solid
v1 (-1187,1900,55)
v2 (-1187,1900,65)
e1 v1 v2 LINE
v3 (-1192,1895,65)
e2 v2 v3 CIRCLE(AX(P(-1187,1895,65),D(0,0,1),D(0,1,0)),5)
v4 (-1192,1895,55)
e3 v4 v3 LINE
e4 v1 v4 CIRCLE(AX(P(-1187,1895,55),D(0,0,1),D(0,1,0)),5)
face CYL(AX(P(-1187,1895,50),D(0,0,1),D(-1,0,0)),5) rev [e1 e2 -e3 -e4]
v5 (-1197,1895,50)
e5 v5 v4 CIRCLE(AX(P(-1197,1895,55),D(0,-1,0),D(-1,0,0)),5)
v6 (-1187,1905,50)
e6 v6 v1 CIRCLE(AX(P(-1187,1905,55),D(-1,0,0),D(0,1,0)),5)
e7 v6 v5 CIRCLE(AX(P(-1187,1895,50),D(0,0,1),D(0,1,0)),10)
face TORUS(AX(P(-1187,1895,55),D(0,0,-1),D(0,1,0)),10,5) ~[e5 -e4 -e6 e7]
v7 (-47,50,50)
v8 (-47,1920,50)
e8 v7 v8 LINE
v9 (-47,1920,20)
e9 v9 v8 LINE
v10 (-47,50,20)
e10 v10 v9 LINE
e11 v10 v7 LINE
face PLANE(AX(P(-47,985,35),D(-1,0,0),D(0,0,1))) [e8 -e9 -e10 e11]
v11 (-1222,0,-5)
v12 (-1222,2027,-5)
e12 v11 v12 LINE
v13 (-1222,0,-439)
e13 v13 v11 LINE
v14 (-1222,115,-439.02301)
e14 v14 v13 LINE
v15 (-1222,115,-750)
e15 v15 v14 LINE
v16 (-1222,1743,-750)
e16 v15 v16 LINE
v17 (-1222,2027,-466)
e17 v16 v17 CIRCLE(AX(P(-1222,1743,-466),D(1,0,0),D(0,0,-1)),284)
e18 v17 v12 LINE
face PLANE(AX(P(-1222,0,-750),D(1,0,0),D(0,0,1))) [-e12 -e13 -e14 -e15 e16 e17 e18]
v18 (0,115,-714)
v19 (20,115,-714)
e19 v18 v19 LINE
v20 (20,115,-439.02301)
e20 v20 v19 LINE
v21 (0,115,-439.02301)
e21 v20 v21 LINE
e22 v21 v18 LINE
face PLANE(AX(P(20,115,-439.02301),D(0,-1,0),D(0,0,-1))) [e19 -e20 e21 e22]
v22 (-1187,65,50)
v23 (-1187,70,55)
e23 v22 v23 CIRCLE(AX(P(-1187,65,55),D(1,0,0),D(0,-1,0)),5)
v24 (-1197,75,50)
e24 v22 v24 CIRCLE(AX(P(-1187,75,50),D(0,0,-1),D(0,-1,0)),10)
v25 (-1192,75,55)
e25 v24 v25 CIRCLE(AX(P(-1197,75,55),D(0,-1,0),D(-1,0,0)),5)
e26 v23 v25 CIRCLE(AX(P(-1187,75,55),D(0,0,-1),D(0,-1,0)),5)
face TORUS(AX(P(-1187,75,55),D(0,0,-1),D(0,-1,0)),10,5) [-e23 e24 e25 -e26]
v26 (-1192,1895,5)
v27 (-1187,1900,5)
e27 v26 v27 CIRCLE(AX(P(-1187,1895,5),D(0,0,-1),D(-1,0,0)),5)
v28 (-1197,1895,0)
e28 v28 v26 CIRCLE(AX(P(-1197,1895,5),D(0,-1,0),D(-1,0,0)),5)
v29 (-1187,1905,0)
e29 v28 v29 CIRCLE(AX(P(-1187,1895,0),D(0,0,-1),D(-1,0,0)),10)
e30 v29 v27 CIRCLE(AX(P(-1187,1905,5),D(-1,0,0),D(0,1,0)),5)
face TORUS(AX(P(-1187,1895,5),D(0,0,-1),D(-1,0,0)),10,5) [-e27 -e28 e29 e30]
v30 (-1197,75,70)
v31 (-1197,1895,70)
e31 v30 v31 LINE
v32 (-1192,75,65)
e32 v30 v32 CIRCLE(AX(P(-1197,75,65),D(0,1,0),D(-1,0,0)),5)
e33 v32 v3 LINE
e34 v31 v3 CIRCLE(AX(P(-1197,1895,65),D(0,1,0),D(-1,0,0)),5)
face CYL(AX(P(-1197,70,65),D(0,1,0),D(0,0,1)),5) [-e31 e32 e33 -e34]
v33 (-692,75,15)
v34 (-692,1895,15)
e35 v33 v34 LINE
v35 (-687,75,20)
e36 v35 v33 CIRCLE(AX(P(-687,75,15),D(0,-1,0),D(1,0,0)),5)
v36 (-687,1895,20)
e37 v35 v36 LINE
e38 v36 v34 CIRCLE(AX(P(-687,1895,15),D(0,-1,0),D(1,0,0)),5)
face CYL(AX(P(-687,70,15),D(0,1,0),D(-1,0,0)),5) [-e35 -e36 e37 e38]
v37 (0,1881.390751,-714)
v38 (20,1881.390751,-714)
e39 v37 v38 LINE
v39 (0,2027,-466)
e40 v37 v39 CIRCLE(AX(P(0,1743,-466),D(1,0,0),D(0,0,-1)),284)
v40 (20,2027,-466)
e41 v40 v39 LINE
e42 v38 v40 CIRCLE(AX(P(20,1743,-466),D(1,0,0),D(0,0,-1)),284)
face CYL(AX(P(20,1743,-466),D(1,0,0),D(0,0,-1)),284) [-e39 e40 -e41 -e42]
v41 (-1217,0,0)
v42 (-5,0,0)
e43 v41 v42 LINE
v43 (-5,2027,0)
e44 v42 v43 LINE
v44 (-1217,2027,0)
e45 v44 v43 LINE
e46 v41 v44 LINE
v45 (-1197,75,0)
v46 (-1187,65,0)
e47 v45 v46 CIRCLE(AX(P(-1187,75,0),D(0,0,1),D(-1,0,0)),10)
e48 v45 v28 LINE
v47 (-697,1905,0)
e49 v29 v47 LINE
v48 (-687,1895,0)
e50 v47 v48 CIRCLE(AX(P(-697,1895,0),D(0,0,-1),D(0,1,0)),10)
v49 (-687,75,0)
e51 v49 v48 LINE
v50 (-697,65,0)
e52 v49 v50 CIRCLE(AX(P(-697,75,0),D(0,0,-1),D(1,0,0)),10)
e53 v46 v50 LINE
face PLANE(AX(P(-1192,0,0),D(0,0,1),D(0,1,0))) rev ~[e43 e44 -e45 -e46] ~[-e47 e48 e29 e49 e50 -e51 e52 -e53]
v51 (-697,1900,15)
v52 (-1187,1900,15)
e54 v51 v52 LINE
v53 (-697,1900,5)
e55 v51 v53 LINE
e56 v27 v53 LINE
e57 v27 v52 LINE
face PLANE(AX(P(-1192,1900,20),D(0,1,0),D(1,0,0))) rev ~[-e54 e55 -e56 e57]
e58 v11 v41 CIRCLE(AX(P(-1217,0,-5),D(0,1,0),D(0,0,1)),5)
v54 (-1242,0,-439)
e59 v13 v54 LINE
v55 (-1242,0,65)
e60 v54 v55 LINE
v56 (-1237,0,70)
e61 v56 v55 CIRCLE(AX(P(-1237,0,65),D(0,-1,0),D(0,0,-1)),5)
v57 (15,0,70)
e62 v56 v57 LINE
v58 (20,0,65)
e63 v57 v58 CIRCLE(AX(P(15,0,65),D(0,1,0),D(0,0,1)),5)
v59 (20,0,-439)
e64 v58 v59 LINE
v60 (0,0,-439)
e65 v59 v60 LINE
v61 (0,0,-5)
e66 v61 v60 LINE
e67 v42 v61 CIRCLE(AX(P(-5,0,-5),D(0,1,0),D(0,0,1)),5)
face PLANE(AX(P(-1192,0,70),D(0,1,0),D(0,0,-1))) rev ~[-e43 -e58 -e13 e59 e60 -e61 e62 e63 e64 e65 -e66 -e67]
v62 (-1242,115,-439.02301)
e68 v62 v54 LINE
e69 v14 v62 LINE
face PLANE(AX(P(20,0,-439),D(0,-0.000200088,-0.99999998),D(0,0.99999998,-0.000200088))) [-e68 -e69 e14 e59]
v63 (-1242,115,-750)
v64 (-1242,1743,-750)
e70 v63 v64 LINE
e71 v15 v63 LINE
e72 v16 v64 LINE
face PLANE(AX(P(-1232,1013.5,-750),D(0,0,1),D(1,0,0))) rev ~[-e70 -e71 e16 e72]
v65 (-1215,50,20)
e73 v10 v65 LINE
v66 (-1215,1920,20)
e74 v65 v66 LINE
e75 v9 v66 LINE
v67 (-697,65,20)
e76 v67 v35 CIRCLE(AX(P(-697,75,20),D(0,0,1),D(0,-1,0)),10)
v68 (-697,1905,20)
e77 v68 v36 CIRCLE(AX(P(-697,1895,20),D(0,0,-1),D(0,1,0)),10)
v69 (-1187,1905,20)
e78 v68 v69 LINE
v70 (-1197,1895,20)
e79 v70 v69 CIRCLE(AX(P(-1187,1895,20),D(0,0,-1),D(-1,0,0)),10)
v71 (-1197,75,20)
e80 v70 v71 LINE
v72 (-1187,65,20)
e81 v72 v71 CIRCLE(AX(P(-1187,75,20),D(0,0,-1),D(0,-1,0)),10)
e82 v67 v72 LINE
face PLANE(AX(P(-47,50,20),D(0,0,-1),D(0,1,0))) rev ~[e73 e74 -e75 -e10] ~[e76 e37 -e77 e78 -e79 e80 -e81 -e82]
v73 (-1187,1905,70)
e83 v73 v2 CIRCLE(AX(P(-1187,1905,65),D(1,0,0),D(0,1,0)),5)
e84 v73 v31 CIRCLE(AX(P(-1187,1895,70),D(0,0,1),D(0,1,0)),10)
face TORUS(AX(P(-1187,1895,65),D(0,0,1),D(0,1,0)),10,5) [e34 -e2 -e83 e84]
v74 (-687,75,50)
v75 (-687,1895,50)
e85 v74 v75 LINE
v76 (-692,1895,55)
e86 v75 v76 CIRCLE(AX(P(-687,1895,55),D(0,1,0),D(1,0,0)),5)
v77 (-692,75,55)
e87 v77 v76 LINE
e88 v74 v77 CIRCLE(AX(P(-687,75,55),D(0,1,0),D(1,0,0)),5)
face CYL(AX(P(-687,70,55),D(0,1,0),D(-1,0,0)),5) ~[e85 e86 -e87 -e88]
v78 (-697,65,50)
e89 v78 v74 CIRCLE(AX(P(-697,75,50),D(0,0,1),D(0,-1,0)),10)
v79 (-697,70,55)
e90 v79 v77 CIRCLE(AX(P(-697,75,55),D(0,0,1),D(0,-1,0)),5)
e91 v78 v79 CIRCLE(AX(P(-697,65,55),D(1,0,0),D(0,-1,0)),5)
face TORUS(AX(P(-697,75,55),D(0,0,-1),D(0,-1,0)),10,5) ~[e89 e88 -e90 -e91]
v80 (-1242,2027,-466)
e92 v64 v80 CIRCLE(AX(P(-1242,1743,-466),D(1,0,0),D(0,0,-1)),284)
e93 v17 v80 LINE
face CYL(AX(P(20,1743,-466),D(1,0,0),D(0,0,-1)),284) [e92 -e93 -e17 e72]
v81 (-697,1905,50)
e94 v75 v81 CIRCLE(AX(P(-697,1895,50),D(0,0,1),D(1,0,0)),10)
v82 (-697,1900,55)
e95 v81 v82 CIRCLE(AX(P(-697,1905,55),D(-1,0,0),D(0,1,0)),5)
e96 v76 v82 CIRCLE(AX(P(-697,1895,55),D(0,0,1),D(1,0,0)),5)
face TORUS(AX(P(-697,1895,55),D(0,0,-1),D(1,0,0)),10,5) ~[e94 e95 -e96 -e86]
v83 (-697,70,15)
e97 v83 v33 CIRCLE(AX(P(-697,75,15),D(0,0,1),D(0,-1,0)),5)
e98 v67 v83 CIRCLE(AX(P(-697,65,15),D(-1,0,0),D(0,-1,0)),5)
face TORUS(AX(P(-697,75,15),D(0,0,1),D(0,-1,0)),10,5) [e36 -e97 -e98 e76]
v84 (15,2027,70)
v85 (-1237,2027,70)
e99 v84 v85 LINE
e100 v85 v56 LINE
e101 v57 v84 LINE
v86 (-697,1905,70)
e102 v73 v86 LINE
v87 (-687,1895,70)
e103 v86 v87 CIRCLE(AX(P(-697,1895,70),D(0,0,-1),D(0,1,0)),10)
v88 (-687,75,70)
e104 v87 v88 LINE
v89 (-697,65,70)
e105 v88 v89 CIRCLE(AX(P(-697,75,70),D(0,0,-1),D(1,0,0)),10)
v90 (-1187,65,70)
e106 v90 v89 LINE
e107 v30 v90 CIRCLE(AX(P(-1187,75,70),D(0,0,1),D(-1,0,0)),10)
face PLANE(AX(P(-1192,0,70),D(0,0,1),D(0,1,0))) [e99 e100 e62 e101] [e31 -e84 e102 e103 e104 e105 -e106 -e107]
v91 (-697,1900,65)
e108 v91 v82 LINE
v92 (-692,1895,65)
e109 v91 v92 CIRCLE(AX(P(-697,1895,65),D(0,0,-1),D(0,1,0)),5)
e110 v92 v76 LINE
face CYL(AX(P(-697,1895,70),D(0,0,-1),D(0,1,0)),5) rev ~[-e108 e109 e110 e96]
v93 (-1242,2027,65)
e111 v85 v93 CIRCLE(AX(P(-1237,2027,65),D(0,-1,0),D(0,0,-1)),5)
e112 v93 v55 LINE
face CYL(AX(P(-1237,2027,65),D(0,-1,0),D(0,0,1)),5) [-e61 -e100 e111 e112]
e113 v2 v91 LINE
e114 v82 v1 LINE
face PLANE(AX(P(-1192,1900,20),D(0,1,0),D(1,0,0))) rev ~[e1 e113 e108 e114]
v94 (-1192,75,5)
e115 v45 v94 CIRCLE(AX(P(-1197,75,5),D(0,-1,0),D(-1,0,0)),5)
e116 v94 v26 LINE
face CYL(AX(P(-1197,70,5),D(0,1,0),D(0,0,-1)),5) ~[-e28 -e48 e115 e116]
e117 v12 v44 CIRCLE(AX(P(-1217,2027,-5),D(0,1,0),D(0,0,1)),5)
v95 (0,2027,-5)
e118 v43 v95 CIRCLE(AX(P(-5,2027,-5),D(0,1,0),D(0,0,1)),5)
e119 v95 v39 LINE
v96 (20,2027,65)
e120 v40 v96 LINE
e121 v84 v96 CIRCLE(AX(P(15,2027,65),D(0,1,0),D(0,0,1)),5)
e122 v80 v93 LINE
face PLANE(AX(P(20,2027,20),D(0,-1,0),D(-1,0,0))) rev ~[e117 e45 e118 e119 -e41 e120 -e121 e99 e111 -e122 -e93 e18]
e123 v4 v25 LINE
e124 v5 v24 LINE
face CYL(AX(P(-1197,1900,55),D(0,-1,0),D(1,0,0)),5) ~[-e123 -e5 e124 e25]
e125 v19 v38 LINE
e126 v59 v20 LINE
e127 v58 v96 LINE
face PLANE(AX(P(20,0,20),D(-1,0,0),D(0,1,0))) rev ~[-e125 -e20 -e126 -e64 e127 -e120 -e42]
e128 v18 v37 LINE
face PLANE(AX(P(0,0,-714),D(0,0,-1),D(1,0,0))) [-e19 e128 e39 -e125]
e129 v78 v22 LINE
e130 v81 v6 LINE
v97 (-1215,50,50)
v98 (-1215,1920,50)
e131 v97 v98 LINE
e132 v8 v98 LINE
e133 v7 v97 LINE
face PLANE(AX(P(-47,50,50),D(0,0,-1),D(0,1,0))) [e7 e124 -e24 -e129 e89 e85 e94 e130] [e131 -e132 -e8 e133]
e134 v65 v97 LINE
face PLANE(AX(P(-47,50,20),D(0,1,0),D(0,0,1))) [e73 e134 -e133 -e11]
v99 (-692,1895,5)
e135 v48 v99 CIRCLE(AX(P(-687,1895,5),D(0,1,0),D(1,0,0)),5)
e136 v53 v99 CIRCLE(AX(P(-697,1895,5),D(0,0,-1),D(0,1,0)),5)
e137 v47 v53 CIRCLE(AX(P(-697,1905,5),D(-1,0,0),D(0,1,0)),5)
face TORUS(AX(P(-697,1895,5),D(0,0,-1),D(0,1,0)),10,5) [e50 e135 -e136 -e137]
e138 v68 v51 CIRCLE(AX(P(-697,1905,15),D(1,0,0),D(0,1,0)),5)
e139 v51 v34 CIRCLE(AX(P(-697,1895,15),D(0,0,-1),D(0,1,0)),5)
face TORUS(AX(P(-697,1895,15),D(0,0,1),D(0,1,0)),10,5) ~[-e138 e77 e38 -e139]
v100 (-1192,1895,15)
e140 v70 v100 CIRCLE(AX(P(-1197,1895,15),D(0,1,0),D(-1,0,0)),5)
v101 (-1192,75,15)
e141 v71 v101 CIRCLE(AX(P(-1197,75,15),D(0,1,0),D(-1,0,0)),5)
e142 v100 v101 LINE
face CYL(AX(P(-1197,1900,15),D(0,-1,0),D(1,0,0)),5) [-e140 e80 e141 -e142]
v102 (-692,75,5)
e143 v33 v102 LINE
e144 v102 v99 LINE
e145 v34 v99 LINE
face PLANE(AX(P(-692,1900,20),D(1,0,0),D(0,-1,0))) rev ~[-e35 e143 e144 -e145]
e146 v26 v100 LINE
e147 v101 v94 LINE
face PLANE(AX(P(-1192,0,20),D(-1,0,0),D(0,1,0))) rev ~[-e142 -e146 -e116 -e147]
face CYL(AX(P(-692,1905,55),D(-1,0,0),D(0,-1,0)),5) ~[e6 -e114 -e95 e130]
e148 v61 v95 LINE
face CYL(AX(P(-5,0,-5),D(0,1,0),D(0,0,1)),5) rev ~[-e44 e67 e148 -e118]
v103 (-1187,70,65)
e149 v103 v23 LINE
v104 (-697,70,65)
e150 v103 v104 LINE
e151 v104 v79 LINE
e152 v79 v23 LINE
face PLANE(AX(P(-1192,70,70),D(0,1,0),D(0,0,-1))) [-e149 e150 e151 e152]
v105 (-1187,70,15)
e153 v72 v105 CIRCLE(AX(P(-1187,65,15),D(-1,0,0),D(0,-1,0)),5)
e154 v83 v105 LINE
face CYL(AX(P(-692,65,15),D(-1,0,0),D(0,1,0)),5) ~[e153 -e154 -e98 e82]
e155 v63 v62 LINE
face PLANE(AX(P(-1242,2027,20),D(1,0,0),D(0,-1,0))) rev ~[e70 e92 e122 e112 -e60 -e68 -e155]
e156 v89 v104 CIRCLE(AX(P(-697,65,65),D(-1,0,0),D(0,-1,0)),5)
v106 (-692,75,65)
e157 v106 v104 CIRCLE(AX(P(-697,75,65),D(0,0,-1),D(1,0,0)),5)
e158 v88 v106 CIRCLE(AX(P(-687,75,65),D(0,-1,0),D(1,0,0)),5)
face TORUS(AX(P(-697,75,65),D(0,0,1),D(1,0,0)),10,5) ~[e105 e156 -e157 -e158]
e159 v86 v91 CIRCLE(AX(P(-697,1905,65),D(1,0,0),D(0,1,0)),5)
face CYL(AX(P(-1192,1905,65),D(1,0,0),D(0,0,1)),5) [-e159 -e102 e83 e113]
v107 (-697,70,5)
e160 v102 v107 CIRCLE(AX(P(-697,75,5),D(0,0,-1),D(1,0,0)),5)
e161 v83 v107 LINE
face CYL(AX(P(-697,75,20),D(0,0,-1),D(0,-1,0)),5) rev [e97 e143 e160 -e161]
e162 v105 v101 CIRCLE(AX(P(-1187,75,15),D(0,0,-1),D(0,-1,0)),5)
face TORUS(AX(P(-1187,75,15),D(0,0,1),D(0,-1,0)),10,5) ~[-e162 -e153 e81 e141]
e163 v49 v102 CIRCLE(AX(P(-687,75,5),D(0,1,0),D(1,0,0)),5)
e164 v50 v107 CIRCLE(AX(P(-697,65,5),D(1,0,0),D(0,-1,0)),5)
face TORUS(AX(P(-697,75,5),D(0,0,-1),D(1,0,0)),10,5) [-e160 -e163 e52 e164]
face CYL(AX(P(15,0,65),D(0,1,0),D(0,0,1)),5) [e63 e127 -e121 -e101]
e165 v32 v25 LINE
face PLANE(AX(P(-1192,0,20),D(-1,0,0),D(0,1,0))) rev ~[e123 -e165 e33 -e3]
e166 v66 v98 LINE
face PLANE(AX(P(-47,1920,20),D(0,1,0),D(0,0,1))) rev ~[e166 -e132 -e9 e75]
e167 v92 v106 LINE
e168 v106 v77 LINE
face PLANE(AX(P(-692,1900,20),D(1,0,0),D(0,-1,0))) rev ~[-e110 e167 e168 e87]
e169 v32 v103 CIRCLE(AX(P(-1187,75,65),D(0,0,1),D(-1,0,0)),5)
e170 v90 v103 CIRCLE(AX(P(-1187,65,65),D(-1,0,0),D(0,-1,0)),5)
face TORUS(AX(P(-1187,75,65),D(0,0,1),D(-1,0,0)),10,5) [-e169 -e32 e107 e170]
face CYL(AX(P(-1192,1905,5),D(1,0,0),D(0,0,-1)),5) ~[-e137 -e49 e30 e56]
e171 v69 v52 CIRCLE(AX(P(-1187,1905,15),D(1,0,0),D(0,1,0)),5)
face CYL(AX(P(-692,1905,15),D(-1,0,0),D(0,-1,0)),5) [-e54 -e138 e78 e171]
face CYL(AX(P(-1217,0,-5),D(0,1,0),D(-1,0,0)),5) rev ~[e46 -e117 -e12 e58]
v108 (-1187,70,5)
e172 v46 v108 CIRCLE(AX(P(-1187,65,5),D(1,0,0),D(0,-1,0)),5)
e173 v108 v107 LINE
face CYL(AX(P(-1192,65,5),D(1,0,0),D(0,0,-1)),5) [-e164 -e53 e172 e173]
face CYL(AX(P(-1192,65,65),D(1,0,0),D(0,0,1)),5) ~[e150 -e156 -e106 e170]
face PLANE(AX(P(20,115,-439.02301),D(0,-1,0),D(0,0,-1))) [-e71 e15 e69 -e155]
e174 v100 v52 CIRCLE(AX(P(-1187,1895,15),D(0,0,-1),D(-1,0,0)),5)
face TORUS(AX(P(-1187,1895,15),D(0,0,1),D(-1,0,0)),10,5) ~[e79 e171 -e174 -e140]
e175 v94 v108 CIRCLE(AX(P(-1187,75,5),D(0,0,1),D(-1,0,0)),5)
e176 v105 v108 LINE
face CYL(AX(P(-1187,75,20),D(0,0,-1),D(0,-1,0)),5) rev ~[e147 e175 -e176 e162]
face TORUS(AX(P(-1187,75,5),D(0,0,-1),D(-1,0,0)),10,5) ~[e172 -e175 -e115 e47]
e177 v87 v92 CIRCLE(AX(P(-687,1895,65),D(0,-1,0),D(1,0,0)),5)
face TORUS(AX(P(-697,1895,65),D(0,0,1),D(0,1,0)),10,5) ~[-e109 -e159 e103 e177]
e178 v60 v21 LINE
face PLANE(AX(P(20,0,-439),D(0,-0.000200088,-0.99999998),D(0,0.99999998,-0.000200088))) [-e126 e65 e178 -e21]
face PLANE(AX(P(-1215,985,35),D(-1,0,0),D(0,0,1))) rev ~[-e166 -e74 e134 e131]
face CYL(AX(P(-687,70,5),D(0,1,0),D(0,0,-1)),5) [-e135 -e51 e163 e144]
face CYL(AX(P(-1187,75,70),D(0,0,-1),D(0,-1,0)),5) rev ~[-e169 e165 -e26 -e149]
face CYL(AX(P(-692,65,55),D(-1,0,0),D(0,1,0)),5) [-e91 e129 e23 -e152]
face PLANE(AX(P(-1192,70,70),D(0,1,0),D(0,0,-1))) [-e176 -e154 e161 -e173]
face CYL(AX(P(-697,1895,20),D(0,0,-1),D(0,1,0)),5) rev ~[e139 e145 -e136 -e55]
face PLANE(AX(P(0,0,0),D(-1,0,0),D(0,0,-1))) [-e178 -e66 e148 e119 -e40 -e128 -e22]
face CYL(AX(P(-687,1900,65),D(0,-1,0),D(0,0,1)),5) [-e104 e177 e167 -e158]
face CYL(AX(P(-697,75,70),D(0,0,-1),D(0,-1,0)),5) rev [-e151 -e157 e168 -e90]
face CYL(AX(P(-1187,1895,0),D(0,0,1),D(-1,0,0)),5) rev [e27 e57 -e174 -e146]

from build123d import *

# Parameters (mm, degrees)
SURFACE_EXTRUDE1_1_DEPTH = 2027
THICKEN1_T2              = 20
CUT_EXTRUDE1_REACH       = 2504.773
SKETCH3_W                = 500
SKETCH3_H                = 1900
CUT_EXTRUDE2_DEPTH       = 20
BOSS_EXTRUDE1_DEPTH      = 50
SKETCH7_W                = 70
SKETCH7_H                = 70
BOSS_EXTRUDE2_DEPTH      = 500
CUT_EXTRUDE3_DEPTH       = 523
CUT_EXTRUDE3_DEPTH_BACK  = 645
SKETCH6_W                = 30
SKETCH6_H                = 1870
FILLET1_R                = 5
CUT_EXTRUDE4_REACH       = 2504.773
SKETCH9_W                = 20
SKETCH9_H                = 36
CUT_EXTRUDE5_DEPTH       = 1996


with BuildPart() as body_1:
    # Surface-Extrude1: a surface, the sketch's curves swept straight by 2027 mm
    with BuildLine(Plane(origin=(0, 0, 0), x_dir=(1, 0, 0), z_dir=(0, 1, 0)), mode=Mode.PRIVATE) as surface_extrude1_1_path:
        Line((-1222, 750), (-1222, 0))
        Line((-1222, 0), (0, 0))
        Line((0, 0), (0, 750))
    surface_extrude1_1 = Shell.extrude(surface_extrude1_1_path.wire(), (0 * SURFACE_EXTRUDE1_1_DEPTH, 1 * SURFACE_EXTRUDE1_1_DEPTH, 0 * SURFACE_EXTRUDE1_1_DEPTH))
    add(Solid.thicken(surface_extrude1_1, -THICKEN1_T2))

    # Cut-Extrude1: up to this face of the body (flat: up to its plane)
    cut_extrude1_end = Plane(body_1.part.faces().sort_by_distance((-1242, 1013.5, -365))[0])
    # Sketch2 → Cut-Extrude1 (cut, up to the picked face)
    with BuildSketch(Plane(origin=(20, 0, 0), x_dir=(0, 0, -1), z_dir=(1, 0, 0)), mode=Mode.PRIVATE) as cut_extrude1_sk1:
        with BuildLine():
            Line((466, 2027), (750, 2027))
            Line((750, 2027), (750, 1743))
            ThreePointArc((750, 1743), (666.818325857, 1943.818325857), (466, 2027))
        make_face()
    cut_extrude1_tool1 = split(extrude(cut_extrude1_sk1.sketch, amount=-CUT_EXTRUDE1_REACH, mode=Mode.PRIVATE), bisect_by=cut_extrude1_end, keep=Keep.BOTH, mode=Mode.PRIVATE)
    add(cut_extrude1_tool1.solids().sort_by(Axis((20, 1963.563505, -686.563505), (-1, 0, 0)))[0], mode=Mode.SUBTRACT)

    # Sketch3 → Cut-Extrude2 (cut)
    with BuildSketch(Plane.XY.offset(20)):
        with Locations((-942, 950)):
            Rectangle(SKETCH3_W, SKETCH3_H)
    extrude(amount=-CUT_EXTRUDE2_DEPTH, mode=Mode.SUBTRACT)

    # Sketch5 → Boss-Extrude1 (add)
    with BuildSketch(Plane.XY.offset(20)):
        Polygon((20, 0), (20, 2027), (-1242, 2027), (-1242, 0), (-1192, 0), (-1192, 1900), (-692, 1900), (-692, 0), align=None)
    extrude(amount=BOSS_EXTRUDE1_DEPTH)

    # Sketch7 → Boss-Extrude2 (add)
    with BuildSketch(Plane(origin=(-1192, 0, 0), x_dir=(0, 0, -1), z_dir=(1, 0, 0))):
        with Locations((-35, 35)):
            Rectangle(SKETCH7_W, SKETCH7_H)
    extrude(amount=BOSS_EXTRUDE2_DEPTH)

    # Sketch6 → Cut-Extrude3 (cut, two sides: drawn at the far end of the back side and taken through both)
    with BuildSketch(Plane.ZY.offset(692).offset(-CUT_EXTRUDE3_DEPTH_BACK)):
        with Locations((35, 985)):
            Rectangle(SKETCH6_W, SKETCH6_H)
    extrude(amount=CUT_EXTRUDE3_DEPTH + CUT_EXTRUDE3_DEPTH_BACK, mode=Mode.SUBTRACT)

    # Fillet1
    fillet1_edges = [body_1.edges().sort_by_distance(p)[0] for p in [
        (-1242, 1013.5, 70),
        (-942, 1900, 70),
        (-692, 985, 70),
        (-1192, 985, 70),
        (-692, 985, 0),
        (-942, 70, 70),
        (-942, 70, 0),
        (-1192, 70, 10),
        (-692, 70, 10),
        (-692, 70, 60),
        (-1192, 70, 60),
        (-942, 70, 50),
        (-942, 70, 20),
        (-692, 1900, 60),
        (-1192, 1900, 60),
        (-1192, 985, 20),
        (-942, 1900, 20),
        (-692, 985, 20),
        (-692, 985, 50),
        (-942, 1900, 50),
        (-1192, 985, 50),
        (0, 1013.5, 0),
        (-1222, 1013.5, 0),
        (-692, 1900, 10),
        (-942, 1900, 0),
        (-1192, 1900, 10),
        (-1192, 985, 0),
        (20, 1013.5, 70),
    ]]
    fillet(fillet1_edges, radius=FILLET1_R)

    # Sketch8 → Cut-Extrude4 (cut, up to next)
    with BuildSketch(Plane(origin=(20, 0, 0), x_dir=(0, 0, -1), z_dir=(1, 0, 0)), mode=Mode.PRIVATE) as cut_extrude4_sk1:
        Polygon((439, 0), (439.023010168, 115), (750, 115), (750, 0), align=None)
    cut_extrude4_tool1 = extrude(cut_extrude4_sk1.sketch, amount=-CUT_EXTRUDE4_REACH, mode=Mode.PRIVATE) & body_1.part
    add(cut_extrude4_tool1.solids().sort_by_distance((20, 57.499291, -594.505752))[0], mode=Mode.SUBTRACT)
    add(cut_extrude4_tool1.solids().sort_by_distance((20, 57.499291, -594.505752))[1], mode=Mode.SUBTRACT)

    # Sketch9 → Cut-Extrude5 (cut)
    with BuildSketch(Plane(origin=(0, 0, 0), x_dir=(1, 0, 0), z_dir=(0, 1, 0))):
        with Locations((10, 732)):
            Rectangle(SKETCH9_W, SKETCH9_H)
    extrude(amount=CUT_EXTRUDE5_DEPTH, mode=Mode.SUBTRACT)


solid = body_1.part
